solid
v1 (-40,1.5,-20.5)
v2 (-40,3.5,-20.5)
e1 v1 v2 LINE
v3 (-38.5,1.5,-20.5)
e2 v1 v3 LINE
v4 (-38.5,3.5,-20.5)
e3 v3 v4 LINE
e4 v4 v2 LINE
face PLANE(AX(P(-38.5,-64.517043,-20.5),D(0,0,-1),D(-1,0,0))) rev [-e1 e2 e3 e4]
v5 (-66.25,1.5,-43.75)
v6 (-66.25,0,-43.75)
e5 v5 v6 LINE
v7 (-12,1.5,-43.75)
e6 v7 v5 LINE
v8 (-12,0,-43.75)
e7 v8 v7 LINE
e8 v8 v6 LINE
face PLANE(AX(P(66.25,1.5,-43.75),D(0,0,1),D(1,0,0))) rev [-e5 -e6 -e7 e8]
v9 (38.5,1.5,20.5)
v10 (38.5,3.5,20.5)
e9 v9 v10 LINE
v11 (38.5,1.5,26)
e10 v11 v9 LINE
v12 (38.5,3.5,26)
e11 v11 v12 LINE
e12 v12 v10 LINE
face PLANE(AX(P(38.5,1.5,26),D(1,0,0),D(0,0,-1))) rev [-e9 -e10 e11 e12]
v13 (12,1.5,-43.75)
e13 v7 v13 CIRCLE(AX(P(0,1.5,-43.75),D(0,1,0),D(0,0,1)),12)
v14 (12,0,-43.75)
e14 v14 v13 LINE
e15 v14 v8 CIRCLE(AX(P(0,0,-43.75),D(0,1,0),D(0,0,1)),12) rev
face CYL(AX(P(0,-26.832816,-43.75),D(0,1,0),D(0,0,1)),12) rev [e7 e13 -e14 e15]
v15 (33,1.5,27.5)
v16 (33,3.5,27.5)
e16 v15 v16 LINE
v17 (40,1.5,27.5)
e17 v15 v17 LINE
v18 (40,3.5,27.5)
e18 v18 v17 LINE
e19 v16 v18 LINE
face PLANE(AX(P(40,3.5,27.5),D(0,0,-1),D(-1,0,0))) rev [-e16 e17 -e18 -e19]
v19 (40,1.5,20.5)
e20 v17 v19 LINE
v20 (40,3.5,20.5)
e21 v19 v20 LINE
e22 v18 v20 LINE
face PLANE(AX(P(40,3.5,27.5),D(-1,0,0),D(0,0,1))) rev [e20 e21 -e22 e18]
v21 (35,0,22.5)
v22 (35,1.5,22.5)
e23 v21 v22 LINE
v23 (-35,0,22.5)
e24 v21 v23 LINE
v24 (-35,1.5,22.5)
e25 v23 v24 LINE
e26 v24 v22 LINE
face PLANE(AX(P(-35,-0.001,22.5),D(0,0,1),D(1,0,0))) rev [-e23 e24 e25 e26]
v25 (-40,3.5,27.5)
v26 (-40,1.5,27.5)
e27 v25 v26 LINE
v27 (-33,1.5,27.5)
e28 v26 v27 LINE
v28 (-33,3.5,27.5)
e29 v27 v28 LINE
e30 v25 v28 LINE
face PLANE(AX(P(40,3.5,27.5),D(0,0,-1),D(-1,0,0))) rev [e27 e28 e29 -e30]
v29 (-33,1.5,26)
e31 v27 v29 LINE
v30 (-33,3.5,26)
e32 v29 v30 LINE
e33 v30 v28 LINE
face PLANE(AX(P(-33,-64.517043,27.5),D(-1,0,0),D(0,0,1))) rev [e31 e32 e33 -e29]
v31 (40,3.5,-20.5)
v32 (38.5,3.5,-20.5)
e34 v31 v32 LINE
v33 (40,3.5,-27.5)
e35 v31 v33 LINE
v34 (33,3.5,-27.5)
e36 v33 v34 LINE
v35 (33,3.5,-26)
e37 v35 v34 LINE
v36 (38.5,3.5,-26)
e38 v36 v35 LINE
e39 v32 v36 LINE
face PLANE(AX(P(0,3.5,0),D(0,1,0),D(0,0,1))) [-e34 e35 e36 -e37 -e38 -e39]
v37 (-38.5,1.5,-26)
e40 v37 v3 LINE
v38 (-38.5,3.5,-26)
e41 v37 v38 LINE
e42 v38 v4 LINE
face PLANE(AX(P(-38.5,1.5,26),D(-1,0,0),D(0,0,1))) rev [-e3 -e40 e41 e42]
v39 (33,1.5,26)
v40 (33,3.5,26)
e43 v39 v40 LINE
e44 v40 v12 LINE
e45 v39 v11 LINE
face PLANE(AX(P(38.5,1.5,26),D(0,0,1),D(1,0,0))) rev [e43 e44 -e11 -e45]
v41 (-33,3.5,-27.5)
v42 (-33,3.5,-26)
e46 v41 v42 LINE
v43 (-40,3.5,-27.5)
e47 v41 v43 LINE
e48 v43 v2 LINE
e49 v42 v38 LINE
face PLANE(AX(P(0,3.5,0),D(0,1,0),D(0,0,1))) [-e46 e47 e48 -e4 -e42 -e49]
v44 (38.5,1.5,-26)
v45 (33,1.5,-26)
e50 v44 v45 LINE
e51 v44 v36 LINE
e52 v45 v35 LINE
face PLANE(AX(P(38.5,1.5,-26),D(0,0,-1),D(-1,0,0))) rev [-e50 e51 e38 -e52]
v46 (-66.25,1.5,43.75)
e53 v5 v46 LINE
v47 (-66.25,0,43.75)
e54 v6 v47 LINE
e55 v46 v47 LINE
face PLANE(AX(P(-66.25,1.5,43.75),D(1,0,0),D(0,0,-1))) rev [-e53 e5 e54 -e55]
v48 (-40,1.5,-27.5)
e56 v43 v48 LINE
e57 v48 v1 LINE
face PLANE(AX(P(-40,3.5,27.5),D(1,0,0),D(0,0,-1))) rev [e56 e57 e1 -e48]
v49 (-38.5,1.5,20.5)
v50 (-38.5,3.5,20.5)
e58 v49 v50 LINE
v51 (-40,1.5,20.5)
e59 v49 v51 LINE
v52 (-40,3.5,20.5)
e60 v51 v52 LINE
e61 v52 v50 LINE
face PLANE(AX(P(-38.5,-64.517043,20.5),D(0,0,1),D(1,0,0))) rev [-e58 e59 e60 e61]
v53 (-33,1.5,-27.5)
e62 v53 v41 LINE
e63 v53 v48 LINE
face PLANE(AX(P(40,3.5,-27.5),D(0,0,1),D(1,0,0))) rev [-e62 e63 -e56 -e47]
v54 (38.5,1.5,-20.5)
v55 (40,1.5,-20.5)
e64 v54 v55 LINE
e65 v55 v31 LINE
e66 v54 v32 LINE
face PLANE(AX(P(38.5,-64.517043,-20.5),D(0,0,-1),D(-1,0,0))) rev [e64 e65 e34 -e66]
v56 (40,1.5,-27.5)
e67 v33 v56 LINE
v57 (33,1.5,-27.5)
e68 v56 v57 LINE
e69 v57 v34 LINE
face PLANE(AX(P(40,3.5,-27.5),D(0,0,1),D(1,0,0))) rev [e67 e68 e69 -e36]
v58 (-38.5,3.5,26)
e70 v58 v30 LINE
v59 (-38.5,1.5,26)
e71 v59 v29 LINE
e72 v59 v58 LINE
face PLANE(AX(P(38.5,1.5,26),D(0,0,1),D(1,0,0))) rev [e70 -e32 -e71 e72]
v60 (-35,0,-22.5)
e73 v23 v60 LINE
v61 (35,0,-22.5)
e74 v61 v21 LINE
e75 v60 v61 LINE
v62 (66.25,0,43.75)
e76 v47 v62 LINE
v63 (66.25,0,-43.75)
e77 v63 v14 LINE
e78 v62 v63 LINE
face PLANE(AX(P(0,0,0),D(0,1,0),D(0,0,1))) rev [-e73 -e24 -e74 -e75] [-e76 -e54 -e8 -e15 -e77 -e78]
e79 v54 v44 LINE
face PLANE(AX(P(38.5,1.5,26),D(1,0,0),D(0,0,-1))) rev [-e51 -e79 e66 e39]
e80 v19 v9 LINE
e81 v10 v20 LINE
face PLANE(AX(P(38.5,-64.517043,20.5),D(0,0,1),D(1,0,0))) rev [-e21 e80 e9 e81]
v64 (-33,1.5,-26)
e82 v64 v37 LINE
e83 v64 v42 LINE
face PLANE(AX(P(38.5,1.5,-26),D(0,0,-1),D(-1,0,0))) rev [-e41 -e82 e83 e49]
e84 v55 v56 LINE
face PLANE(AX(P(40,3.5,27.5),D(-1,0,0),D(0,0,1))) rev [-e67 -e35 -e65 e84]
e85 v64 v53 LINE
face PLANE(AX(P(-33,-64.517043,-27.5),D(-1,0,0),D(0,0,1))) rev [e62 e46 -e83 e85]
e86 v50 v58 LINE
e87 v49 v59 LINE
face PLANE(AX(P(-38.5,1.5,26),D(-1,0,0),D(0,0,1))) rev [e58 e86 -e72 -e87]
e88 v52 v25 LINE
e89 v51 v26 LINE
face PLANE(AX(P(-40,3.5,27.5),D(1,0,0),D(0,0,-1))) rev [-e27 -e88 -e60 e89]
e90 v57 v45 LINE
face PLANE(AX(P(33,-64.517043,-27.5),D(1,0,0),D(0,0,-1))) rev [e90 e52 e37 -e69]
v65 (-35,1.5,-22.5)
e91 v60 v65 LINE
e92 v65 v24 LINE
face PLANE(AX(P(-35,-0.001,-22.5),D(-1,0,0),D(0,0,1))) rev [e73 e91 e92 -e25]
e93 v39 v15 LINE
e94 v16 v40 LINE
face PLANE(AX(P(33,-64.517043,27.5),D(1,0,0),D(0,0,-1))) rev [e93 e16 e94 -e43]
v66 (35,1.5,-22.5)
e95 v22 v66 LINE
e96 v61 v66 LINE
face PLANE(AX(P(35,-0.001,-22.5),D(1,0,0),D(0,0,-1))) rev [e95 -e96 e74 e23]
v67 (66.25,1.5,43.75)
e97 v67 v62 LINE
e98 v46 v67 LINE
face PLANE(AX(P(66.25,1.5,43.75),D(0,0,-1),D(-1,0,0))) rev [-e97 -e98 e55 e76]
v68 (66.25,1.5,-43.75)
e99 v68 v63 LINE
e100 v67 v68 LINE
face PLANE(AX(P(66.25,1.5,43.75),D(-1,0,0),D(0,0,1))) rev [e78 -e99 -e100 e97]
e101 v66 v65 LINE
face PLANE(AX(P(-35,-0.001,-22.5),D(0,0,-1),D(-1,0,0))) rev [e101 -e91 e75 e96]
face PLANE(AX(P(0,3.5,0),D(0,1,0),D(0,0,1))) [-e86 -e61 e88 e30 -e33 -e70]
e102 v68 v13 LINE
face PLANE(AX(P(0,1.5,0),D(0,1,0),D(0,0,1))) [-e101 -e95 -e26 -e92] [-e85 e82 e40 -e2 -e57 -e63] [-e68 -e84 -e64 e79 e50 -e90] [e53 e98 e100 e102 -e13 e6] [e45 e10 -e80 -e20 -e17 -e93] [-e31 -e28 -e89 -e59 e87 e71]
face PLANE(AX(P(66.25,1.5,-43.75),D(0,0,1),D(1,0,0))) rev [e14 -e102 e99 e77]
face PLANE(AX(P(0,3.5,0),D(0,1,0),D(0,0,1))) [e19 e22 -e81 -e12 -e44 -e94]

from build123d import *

# Parameters (mm, degrees)
SKETCH1_W           = 132.5
SKETCH1_H           = 87.5
BOSS_EXTRUDE1_DEPTH = 1.5
SKETCH2_W           = 80
SKETCH2_H           = 55
BOSS_EXTRUDE2_DEPTH = 2
SKETCH3_W           = 77
SKETCH3_H           = 52
CUT_EXTRUDE1_DEPTH  = 2
CUT_EXTRUDE2_REACH  = 3.5
SKETCH4_W           = 70
SKETCH4_H           = 45
SKETCH5_W           = 1.5
SKETCH5_H           = 41
SKETCH5_W_2         = 66
SKETCH5_H_2         = 1.5
CUT_EXTRUDE3_DEPTH  = 2
CUT_EXTRUDE4_DEPTH  = 1.5


with BuildPart() as part:
    # Sketch1 → Boss-Extrude1 (new body)
    with BuildSketch(Plane(origin=(0, 0, 0), x_dir=(1, 0, 0), z_dir=(0, 1, 0))):
        Rectangle(SKETCH1_W, SKETCH1_H)
    extrude(amount=BOSS_EXTRUDE1_DEPTH)

    # Sketch2 → Boss-Extrude2 (add)
    with BuildSketch(Plane(origin=(0, 1.5, 0), x_dir=(1, 0, 0), z_dir=(0, 1, 0))):
        Rectangle(SKETCH2_W, SKETCH2_H)
    extrude(amount=BOSS_EXTRUDE2_DEPTH)

    # Sketch3 → Cut-Extrude1 (cut)
    with BuildSketch(Plane(origin=(0, 3.5, 0), x_dir=(1, 0, 0), z_dir=(0, 1, 0))):
        Rectangle(SKETCH3_W, SKETCH3_H)
    extrude(amount=-CUT_EXTRUDE1_DEPTH, mode=Mode.SUBTRACT)

    # Sketch4 → Cut-Extrude2 (cut, up to next)
    with BuildSketch(Plane(origin=(0, 1.5, 0), x_dir=(1, 0, 0), z_dir=(0, 1, 0)), mode=Mode.PRIVATE) as cut_extrude2_sk1:
        Rectangle(SKETCH4_W, SKETCH4_H)
    cut_extrude2_tool1 = extrude(cut_extrude2_sk1.sketch, amount=-CUT_EXTRUDE2_REACH, mode=Mode.PRIVATE) & part.part
    add(cut_extrude2_tool1.solids().sort_by_distance((0, 1.5, 0))[0], mode=Mode.SUBTRACT)

    # Sketch5 → Cut-Extrude3 (cut)
    with BuildSketch(Plane(origin=(0, 3.5, 0), x_dir=(1, 0, 0), z_dir=(0, 1, 0))):
        with Locations((-39.25, 0)):
            Rectangle(SKETCH5_W, SKETCH5_H)
        with Locations((39.25, 0)):
            Rectangle(SKETCH5_W, SKETCH5_H)
        with Locations((0, 26.75)):
            Rectangle(SKETCH5_W_2, SKETCH5_H_2)
        with Locations((0, -26.75)):
            Rectangle(SKETCH5_W_2, SKETCH5_H_2)
    extrude(amount=-CUT_EXTRUDE3_DEPTH, mode=Mode.SUBTRACT)

    # Sketch6 → Cut-Extrude4 (cut)
    with BuildSketch(Plane(origin=(0, 1.5, 0), x_dir=(1, 0, 0), z_dir=(0, 1, 0))):
        with BuildLine():
            Line((-12, 43.75), (12, 43.75))
            ThreePointArc((12, 43.75), (0, 31.75), (-12, 43.75))
        make_face()
    extrude(amount=-CUT_EXTRUDE4_DEPTH, mode=Mode.SUBTRACT)


solid = part.part
